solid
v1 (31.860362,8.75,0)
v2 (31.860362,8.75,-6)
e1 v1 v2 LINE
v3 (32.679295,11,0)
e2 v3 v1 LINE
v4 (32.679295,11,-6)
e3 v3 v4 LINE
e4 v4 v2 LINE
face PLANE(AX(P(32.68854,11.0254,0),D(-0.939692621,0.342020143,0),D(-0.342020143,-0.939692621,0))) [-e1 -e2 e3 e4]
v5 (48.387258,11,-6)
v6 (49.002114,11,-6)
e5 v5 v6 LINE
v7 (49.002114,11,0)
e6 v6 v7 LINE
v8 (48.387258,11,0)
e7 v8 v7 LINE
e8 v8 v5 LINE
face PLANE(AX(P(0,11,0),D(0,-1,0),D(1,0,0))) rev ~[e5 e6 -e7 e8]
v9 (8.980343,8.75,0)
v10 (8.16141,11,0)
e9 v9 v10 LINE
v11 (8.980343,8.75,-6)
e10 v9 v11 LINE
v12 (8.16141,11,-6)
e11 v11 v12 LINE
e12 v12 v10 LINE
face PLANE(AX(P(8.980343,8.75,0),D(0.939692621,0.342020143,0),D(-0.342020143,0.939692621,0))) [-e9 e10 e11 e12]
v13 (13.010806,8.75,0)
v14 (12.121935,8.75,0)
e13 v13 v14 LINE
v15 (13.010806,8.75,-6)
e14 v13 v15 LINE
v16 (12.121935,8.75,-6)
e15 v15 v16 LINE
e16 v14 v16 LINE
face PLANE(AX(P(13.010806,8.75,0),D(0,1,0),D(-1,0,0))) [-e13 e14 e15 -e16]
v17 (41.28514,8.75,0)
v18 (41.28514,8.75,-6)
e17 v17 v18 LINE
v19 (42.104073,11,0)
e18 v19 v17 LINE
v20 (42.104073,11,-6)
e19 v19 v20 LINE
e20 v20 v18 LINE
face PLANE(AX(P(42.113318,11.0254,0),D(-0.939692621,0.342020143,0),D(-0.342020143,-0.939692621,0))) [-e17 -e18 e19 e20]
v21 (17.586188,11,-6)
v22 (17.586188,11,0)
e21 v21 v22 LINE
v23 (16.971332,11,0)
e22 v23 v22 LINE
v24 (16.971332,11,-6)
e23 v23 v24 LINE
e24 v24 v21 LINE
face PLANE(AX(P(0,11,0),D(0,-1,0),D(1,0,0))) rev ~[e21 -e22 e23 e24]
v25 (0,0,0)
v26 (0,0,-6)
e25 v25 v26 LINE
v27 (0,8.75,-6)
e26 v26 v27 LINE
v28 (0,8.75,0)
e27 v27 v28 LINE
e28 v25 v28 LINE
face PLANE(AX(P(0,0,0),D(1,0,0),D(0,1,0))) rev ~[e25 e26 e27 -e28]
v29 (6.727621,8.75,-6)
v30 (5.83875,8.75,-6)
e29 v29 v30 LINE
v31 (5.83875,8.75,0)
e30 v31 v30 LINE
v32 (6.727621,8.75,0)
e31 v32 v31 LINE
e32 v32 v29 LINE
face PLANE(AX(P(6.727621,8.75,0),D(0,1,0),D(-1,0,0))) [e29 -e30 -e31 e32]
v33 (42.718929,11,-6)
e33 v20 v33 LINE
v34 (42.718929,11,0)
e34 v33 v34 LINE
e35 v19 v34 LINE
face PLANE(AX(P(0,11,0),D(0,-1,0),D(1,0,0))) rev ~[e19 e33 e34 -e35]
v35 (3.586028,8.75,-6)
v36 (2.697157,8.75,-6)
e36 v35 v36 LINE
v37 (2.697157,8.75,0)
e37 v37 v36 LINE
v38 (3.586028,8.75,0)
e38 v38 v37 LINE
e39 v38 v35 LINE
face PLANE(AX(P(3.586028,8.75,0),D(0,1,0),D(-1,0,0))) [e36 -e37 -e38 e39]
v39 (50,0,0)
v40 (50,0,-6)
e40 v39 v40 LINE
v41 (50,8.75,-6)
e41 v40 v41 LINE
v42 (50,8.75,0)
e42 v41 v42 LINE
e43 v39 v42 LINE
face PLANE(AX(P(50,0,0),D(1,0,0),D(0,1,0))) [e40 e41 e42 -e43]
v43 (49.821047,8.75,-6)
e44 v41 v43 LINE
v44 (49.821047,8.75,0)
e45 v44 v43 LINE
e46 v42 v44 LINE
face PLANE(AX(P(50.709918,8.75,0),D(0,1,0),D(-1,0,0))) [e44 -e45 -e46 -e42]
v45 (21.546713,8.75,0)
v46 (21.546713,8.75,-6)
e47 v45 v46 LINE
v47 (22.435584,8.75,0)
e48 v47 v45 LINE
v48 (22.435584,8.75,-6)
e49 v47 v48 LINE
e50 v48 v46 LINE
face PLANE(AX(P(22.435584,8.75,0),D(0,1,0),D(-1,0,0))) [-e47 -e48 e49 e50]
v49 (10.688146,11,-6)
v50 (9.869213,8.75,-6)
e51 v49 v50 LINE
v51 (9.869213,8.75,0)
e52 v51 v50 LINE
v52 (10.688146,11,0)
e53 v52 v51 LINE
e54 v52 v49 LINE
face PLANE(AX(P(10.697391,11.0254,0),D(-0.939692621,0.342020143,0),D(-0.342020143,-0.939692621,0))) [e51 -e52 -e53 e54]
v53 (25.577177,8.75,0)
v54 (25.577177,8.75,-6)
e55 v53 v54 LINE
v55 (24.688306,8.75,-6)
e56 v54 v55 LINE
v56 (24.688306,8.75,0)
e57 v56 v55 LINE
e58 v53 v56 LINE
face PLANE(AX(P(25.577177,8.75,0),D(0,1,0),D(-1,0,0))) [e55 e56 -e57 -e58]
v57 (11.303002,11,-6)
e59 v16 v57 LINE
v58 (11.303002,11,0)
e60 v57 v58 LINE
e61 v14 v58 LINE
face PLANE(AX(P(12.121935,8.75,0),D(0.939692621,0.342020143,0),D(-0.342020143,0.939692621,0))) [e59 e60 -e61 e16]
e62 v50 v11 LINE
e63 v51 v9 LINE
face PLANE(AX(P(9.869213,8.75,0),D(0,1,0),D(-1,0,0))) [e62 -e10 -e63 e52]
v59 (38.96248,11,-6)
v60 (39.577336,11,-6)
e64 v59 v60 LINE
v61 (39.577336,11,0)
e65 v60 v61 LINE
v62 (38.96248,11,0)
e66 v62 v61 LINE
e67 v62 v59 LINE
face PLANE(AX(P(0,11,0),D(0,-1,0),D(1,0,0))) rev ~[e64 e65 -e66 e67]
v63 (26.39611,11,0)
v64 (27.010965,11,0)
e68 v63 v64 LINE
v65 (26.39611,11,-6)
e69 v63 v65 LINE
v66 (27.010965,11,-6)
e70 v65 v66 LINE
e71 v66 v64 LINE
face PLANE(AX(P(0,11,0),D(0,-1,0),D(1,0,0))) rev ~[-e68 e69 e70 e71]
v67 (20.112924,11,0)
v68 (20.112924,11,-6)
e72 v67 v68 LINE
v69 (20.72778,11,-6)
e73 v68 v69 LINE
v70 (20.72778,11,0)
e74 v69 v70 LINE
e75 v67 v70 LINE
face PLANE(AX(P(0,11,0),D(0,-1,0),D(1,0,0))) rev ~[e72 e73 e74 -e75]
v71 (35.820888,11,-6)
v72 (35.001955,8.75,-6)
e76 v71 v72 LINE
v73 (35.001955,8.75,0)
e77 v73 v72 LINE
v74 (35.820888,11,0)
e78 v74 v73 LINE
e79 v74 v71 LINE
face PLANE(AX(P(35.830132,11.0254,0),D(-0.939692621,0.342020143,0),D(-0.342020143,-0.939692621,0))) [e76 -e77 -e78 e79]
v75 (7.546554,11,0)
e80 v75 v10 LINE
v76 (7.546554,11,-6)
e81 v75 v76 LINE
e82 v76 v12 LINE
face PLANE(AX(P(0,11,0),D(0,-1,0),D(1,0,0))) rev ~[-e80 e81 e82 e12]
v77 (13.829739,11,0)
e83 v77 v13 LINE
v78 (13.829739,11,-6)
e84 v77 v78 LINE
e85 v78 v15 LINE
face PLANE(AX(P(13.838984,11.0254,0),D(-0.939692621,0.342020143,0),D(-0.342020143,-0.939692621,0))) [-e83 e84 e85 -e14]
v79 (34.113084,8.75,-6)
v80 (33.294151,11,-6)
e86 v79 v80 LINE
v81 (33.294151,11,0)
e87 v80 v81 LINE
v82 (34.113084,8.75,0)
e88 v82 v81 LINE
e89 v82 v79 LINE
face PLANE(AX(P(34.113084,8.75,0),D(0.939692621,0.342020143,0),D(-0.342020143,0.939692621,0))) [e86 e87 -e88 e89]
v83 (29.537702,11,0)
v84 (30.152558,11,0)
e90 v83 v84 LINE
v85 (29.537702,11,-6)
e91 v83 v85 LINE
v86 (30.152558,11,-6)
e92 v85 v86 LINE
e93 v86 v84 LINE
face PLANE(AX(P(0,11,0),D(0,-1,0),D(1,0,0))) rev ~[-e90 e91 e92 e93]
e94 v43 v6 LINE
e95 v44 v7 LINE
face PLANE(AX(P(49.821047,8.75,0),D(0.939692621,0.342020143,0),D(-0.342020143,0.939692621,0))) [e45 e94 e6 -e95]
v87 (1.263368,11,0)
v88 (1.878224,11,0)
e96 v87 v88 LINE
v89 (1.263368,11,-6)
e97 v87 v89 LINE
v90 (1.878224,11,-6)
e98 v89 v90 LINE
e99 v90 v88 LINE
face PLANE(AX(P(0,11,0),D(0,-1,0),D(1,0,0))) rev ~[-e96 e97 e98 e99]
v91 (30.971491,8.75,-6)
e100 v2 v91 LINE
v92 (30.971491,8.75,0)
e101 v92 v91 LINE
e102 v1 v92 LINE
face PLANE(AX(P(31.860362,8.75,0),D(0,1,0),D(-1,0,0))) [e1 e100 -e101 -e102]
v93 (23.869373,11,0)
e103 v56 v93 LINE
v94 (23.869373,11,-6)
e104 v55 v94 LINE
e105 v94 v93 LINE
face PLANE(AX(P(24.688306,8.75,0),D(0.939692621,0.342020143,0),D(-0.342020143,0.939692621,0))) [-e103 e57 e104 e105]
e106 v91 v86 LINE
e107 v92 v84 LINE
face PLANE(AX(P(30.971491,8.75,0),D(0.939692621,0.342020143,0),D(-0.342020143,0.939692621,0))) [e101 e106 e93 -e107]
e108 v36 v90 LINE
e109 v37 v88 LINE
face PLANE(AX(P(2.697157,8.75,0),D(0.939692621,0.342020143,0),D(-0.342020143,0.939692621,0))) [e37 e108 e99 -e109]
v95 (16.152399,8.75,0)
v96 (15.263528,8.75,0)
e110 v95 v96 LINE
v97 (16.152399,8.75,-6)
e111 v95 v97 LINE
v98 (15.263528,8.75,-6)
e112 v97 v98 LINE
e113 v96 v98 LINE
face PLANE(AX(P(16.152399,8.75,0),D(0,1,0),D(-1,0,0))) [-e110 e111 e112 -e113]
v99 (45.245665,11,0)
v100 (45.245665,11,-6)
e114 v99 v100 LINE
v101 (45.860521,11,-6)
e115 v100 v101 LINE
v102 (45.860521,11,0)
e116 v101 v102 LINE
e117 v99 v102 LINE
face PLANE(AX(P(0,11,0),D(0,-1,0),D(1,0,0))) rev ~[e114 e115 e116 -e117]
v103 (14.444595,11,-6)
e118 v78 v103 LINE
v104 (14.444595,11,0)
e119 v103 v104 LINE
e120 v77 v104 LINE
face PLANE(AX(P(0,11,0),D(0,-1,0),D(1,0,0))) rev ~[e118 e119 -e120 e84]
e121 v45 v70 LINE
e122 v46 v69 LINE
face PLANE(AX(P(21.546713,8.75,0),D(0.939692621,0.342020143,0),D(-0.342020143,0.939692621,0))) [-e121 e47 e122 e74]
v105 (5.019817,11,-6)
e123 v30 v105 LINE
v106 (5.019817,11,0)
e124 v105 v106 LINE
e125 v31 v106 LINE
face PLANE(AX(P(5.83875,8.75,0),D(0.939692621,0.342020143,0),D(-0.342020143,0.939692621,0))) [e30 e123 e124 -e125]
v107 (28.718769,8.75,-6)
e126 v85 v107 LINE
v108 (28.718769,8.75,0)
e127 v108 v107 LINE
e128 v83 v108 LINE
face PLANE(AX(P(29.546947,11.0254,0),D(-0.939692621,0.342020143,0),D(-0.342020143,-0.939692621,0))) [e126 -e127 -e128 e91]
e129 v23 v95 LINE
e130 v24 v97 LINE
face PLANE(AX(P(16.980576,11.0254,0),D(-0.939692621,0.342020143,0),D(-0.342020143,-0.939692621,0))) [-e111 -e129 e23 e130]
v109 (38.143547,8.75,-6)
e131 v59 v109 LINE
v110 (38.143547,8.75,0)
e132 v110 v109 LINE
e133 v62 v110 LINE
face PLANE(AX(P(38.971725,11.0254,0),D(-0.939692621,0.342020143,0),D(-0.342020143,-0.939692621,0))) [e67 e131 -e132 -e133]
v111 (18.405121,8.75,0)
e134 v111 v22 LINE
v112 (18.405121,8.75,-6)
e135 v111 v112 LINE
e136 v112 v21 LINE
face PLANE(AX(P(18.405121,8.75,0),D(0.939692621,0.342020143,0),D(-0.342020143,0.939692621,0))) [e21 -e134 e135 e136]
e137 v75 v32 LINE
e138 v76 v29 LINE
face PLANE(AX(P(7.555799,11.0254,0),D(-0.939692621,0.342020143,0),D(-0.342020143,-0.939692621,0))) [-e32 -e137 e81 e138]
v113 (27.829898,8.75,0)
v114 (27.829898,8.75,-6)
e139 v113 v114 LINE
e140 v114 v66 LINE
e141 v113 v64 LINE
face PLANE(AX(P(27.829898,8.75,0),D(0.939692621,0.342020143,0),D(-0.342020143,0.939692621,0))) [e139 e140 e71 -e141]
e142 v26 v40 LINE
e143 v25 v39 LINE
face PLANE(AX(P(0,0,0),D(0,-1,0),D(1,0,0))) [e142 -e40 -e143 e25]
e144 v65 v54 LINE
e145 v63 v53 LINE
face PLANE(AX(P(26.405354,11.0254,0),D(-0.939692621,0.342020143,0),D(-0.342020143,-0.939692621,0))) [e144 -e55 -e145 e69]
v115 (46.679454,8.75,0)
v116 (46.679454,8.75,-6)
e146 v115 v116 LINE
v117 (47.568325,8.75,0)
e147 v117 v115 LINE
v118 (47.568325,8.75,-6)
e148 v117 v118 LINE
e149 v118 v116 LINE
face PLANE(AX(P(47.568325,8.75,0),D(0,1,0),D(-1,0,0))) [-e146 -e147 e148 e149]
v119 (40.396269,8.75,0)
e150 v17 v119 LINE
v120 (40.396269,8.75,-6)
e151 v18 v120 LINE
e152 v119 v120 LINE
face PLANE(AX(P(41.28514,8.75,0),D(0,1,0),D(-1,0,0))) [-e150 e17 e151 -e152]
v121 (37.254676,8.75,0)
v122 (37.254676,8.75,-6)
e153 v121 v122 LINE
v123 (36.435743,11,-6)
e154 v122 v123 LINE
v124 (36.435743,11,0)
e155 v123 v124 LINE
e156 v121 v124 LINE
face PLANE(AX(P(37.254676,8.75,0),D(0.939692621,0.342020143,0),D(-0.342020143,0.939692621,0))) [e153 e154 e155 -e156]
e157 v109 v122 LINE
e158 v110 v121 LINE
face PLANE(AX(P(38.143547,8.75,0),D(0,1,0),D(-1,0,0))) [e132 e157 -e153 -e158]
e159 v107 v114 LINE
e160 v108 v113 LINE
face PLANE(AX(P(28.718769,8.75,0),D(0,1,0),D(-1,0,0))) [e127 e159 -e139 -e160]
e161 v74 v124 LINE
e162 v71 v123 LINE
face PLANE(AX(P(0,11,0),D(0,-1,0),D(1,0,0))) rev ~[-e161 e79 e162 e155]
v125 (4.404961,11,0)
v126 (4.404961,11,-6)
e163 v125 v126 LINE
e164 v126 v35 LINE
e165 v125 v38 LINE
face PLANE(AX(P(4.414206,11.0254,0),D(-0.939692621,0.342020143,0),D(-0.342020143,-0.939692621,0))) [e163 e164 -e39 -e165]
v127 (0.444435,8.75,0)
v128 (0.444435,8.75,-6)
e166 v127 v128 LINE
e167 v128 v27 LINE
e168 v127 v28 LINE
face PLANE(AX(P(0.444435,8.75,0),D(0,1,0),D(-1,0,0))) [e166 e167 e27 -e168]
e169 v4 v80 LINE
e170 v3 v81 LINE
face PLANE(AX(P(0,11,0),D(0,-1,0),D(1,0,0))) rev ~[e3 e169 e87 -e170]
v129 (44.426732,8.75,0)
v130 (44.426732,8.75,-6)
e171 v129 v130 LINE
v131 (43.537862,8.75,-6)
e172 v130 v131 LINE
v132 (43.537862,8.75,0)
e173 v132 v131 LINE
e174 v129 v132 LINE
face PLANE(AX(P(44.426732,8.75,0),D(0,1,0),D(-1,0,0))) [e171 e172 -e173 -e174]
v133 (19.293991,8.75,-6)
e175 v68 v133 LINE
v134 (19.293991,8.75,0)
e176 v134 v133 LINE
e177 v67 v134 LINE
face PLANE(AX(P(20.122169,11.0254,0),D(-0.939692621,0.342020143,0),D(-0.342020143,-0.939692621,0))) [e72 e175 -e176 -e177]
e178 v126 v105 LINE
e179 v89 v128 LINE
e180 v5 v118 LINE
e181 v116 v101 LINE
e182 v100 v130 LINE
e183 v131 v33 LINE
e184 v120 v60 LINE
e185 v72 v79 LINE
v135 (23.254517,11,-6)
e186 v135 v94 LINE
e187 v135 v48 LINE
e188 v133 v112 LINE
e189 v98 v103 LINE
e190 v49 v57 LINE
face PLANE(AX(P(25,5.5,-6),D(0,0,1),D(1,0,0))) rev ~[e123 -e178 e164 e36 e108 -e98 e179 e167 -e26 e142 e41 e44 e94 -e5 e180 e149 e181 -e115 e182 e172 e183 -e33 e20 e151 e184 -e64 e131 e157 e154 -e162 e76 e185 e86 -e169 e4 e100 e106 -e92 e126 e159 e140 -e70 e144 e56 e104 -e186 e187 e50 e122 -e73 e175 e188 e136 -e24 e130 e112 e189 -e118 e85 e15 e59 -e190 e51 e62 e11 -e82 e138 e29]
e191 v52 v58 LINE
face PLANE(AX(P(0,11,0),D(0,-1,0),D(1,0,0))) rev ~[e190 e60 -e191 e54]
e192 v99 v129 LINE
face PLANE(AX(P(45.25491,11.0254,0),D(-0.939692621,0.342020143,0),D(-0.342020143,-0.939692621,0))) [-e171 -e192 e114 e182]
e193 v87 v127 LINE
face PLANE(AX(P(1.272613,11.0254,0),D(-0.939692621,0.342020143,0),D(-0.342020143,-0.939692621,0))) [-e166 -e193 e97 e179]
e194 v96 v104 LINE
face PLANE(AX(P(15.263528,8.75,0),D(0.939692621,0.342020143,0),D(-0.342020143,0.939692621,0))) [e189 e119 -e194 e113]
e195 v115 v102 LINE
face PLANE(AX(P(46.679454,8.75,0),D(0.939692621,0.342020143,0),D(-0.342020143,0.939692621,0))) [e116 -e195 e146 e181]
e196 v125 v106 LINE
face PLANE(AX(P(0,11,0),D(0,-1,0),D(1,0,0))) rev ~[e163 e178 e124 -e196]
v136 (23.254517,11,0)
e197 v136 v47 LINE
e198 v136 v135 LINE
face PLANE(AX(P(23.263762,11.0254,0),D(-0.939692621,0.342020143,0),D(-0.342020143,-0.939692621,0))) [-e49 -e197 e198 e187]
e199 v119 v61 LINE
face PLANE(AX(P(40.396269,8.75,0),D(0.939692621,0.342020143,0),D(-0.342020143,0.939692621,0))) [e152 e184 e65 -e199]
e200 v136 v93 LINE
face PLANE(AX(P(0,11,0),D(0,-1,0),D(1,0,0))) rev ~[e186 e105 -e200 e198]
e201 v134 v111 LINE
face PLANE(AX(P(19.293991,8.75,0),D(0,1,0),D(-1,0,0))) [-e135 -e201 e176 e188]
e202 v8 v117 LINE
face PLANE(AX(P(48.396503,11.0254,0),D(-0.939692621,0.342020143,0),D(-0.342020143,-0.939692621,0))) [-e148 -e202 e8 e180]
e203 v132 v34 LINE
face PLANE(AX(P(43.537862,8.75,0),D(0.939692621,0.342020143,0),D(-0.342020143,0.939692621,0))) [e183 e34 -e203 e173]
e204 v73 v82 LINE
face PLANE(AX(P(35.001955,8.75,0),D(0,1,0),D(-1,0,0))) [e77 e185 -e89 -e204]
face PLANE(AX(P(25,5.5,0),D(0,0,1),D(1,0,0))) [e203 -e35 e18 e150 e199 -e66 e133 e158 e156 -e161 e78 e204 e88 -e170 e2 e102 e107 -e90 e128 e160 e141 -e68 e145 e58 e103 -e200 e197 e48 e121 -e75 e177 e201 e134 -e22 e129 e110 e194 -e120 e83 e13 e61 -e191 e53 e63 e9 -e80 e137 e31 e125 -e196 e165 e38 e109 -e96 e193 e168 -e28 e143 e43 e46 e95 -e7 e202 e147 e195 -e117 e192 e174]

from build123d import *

# Parameters (mm, degrees)
BLANKSKE_W        = 50
BLANKSKE_H        = 11
BLANK_DEPTH       = 6
TOOTHCUTSIM_DEPTH = 52.546095875
TEETHCUTS_COUNT   = 17
TEETHCUTS_PITCH   = 3.14159265


with BuildPart() as part:
    # BlankSke → Blank (new body)
    with BuildSketch(Plane.XY):
        with Locations((25, 5.5)):
            Rectangle(BLANKSKE_W, BLANKSKE_H)
    extrude(amount=-BLANK_DEPTH)

    # TooCutSkeSim → ToothCutSim (cut, through all)
    with BuildSketch(Plane.XY):
        Polygon((0.44443537, 8.75), (-0.44443537, 8.75), (-1.272613241, 11.0254), (1.272613241, 11.0254), align=None)
    toothcutsim = extrude(amount=-TOOTHCUTSIM_DEPTH, mode=Mode.SUBTRACT)

    # TeethCuts: ToothCutSim ×17
    with Locations(*[(i * TEETHCUTS_PITCH, 0, 0) for i in range(1, TEETHCUTS_COUNT)]):
        add(toothcutsim, mode=Mode.SUBTRACT)


solid = part.part
